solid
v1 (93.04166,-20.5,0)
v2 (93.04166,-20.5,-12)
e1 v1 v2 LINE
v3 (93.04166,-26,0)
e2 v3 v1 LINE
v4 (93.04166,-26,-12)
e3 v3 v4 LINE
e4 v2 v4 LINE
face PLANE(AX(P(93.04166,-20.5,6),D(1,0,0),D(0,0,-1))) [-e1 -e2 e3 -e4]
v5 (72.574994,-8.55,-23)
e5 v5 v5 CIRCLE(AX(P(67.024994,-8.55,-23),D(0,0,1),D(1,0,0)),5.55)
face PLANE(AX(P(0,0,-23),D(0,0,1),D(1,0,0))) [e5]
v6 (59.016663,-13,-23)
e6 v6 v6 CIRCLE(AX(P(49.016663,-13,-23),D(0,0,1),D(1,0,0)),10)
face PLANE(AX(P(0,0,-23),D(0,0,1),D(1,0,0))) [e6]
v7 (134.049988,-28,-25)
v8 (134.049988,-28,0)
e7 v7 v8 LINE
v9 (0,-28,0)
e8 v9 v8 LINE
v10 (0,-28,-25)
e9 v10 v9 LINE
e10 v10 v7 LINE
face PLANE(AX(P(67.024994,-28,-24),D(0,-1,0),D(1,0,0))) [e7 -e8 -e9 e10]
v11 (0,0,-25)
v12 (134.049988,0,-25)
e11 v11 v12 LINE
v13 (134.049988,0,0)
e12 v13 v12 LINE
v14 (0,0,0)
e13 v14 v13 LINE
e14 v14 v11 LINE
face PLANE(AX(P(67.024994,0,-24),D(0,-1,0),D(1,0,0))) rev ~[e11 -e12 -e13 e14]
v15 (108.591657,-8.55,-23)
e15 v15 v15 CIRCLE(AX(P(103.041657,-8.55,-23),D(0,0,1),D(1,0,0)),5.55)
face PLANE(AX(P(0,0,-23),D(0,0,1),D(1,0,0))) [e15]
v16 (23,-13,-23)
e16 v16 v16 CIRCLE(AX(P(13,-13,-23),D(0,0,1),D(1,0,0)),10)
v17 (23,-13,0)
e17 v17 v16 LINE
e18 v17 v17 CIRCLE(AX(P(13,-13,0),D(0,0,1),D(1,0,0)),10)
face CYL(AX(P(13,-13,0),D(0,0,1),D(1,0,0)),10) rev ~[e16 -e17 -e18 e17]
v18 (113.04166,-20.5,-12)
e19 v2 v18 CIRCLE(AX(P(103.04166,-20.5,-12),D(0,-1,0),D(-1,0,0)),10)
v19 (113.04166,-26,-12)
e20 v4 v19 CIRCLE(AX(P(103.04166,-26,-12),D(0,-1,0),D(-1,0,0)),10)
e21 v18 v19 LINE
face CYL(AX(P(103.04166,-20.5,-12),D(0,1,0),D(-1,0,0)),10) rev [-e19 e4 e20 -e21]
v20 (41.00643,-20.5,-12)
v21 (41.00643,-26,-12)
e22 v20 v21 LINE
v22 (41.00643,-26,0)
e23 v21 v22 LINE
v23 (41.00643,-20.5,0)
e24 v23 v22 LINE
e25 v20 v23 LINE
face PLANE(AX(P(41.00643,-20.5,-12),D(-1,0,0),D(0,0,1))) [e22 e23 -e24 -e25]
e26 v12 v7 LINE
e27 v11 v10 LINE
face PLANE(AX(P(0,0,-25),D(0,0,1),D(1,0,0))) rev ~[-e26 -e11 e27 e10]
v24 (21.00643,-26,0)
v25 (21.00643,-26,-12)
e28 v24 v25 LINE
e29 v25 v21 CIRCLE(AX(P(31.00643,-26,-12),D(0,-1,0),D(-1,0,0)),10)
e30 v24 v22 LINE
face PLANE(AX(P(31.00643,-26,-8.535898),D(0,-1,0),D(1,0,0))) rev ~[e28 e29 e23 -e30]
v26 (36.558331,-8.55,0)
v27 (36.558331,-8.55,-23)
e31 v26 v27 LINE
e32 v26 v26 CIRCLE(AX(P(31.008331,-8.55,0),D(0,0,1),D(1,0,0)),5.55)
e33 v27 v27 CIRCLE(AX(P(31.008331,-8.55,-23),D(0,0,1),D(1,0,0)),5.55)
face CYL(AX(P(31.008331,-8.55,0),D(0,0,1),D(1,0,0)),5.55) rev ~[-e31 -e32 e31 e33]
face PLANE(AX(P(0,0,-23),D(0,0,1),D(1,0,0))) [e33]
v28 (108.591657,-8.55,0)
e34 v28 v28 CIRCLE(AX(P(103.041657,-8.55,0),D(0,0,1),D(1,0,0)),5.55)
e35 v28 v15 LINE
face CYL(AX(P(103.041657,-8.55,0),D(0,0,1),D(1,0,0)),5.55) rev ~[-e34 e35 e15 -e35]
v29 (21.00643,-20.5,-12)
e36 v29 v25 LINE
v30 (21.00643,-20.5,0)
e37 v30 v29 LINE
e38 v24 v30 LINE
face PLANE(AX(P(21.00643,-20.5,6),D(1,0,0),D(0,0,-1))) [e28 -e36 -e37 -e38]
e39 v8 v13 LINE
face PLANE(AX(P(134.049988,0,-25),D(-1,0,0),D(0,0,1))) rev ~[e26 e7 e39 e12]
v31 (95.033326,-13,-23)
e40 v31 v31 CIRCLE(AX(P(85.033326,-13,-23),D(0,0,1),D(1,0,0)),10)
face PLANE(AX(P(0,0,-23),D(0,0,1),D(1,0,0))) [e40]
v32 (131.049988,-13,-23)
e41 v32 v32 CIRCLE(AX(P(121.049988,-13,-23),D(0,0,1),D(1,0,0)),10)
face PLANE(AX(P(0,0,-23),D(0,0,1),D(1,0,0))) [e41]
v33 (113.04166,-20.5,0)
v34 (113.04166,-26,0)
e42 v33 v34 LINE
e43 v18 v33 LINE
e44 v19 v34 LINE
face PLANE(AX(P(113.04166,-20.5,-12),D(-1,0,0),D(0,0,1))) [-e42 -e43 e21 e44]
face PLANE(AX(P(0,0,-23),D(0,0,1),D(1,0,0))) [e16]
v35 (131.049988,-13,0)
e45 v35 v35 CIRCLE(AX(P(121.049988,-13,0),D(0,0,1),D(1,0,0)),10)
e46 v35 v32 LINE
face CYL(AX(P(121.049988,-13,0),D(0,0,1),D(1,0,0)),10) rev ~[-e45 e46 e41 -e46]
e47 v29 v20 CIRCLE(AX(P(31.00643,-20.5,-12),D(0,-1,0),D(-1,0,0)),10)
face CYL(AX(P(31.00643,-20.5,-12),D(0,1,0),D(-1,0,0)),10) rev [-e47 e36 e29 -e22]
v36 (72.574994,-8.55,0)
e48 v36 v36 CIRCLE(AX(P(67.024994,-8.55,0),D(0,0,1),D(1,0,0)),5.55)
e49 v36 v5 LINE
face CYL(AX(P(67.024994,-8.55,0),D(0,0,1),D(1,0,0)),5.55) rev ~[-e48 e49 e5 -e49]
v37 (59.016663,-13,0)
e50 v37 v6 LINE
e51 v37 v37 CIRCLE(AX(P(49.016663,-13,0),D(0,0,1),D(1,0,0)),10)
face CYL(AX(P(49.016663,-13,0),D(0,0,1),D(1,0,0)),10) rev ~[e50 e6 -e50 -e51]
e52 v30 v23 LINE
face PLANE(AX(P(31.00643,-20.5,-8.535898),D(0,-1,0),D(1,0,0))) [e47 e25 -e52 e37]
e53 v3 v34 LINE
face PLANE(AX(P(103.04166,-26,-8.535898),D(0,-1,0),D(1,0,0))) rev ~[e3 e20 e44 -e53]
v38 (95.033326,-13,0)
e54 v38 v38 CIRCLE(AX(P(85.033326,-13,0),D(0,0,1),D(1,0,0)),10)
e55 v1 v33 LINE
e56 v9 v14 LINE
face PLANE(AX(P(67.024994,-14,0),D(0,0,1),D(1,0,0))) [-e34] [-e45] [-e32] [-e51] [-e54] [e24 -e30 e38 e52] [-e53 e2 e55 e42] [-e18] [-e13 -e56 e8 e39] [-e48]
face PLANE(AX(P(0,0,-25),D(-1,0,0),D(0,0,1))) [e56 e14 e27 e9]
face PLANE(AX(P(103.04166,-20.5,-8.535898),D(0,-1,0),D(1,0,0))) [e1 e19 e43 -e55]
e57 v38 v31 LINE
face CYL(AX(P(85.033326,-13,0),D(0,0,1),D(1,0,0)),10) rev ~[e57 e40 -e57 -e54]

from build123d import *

# Parameters (mm, degrees)
F0_W     = 134.0499884313
F0_H     = 28
F0_W_2   = 20
F0_H_2   = 5
F0_R     = 10
F0_R_2   = 5.55
F1_DEPTH = 23
F3_START = 20.5
F3_DEPTH = 5.5
F4_W     = 134.0499884313
F4_H     = 2
F5_DEPTH = 28


with BuildPart() as f1:
    # F0 (on Top) → F1 (new body)
    with BuildSketch(Plane.XY):
        with Locations((67.0249942156, -14)):
            Rectangle(F0_W, F0_H)
        with Locations((31.0064340452, -23.5)):
            Rectangle(F0_W_2, F0_H_2, mode=Mode.SUBTRACT)
        with Locations((103.0416570261, -23.5)):
            Rectangle(F0_W_2, F0_H_2, mode=Mode.SUBTRACT)
        with Locations((13, -13)):
            Circle(F0_R, mode=Mode.SUBTRACT)
        with Locations((31.0083314052, -8.55)):
            Circle(F0_R_2, mode=Mode.SUBTRACT)
        with Locations((49.0166628104, -13)):
            Circle(F0_R, mode=Mode.SUBTRACT)
        with Locations((85.0333256209, -13)):
            Circle(F0_R, mode=Mode.SUBTRACT)
        with Locations((67.0249942156, -8.55)):
            Circle(F0_R_2, mode=Mode.SUBTRACT)
        with Locations((121.0499884313, -13)):
            Circle(F0_R, mode=Mode.SUBTRACT)
        with Locations((103.0416570261, -8.55)):
            Circle(F0_R_2, mode=Mode.SUBTRACT)
        with Locations((31.0064340452, -23.5)):
            Rectangle(F0_W_2, F0_H_2)
        with Locations((103.0416570261, -23.5)):
            Rectangle(F0_W_2, F0_H_2)
    extrude(amount=-F1_DEPTH)

    # F2 (on Front) → F3 (cut)
    with BuildSketch(Plane.XZ.offset(F3_START)):
        with BuildLine():
            Line((21.00643, -12), (41.00643, -12))
            ThreePointArc((41.00643, -12), (31.00643, -2), (21.00643, -12))
        make_face()
        with BuildLine():
            ThreePointArc((21.00643, -12), (31.00643, -22), (41.00643, -12))
            Line((41.00643, -12), (21.00643, -12))
        make_face()
        with BuildLine():
            ThreePointArc((21.00643, -12), (31.00643, -2), (41.00643, -12))
            Line((41.00643, -12), (41.00643, 6))
            Line((41.00643, 6), (21.00643, 6))
            Line((21.00643, 6), (21.00643, -12))
        make_face()
        with BuildLine():
            Line((93.04166, -12), (113.04166, -12))
            ThreePointArc((113.04166, -12), (103.04166, -2), (93.04166, -12))
        make_face()
        with BuildLine():
            ThreePointArc((93.04166, -12), (103.04166, -22), (113.04166, -12))
            Line((113.04166, -12), (93.04166, -12))
        make_face()
        with BuildLine():
            ThreePointArc((93.04166, -12), (103.04166, -2), (113.04166, -12))
            Line((113.04166, -12), (113.04166, 6))
            Line((113.04166, 6), (93.04166, 6))
            Line((93.04166, 6), (93.04166, -12))
        make_face()
    extrude(amount=F3_DEPTH, mode=Mode.SUBTRACT)

    # F4 (on Front) → F5 (join)
    with BuildSketch(Plane.XZ):
        with Locations((67.0249942156, -24)):
            Rectangle(F4_W, F4_H)
    extrude(amount=F5_DEPTH)


solid = f1.part
